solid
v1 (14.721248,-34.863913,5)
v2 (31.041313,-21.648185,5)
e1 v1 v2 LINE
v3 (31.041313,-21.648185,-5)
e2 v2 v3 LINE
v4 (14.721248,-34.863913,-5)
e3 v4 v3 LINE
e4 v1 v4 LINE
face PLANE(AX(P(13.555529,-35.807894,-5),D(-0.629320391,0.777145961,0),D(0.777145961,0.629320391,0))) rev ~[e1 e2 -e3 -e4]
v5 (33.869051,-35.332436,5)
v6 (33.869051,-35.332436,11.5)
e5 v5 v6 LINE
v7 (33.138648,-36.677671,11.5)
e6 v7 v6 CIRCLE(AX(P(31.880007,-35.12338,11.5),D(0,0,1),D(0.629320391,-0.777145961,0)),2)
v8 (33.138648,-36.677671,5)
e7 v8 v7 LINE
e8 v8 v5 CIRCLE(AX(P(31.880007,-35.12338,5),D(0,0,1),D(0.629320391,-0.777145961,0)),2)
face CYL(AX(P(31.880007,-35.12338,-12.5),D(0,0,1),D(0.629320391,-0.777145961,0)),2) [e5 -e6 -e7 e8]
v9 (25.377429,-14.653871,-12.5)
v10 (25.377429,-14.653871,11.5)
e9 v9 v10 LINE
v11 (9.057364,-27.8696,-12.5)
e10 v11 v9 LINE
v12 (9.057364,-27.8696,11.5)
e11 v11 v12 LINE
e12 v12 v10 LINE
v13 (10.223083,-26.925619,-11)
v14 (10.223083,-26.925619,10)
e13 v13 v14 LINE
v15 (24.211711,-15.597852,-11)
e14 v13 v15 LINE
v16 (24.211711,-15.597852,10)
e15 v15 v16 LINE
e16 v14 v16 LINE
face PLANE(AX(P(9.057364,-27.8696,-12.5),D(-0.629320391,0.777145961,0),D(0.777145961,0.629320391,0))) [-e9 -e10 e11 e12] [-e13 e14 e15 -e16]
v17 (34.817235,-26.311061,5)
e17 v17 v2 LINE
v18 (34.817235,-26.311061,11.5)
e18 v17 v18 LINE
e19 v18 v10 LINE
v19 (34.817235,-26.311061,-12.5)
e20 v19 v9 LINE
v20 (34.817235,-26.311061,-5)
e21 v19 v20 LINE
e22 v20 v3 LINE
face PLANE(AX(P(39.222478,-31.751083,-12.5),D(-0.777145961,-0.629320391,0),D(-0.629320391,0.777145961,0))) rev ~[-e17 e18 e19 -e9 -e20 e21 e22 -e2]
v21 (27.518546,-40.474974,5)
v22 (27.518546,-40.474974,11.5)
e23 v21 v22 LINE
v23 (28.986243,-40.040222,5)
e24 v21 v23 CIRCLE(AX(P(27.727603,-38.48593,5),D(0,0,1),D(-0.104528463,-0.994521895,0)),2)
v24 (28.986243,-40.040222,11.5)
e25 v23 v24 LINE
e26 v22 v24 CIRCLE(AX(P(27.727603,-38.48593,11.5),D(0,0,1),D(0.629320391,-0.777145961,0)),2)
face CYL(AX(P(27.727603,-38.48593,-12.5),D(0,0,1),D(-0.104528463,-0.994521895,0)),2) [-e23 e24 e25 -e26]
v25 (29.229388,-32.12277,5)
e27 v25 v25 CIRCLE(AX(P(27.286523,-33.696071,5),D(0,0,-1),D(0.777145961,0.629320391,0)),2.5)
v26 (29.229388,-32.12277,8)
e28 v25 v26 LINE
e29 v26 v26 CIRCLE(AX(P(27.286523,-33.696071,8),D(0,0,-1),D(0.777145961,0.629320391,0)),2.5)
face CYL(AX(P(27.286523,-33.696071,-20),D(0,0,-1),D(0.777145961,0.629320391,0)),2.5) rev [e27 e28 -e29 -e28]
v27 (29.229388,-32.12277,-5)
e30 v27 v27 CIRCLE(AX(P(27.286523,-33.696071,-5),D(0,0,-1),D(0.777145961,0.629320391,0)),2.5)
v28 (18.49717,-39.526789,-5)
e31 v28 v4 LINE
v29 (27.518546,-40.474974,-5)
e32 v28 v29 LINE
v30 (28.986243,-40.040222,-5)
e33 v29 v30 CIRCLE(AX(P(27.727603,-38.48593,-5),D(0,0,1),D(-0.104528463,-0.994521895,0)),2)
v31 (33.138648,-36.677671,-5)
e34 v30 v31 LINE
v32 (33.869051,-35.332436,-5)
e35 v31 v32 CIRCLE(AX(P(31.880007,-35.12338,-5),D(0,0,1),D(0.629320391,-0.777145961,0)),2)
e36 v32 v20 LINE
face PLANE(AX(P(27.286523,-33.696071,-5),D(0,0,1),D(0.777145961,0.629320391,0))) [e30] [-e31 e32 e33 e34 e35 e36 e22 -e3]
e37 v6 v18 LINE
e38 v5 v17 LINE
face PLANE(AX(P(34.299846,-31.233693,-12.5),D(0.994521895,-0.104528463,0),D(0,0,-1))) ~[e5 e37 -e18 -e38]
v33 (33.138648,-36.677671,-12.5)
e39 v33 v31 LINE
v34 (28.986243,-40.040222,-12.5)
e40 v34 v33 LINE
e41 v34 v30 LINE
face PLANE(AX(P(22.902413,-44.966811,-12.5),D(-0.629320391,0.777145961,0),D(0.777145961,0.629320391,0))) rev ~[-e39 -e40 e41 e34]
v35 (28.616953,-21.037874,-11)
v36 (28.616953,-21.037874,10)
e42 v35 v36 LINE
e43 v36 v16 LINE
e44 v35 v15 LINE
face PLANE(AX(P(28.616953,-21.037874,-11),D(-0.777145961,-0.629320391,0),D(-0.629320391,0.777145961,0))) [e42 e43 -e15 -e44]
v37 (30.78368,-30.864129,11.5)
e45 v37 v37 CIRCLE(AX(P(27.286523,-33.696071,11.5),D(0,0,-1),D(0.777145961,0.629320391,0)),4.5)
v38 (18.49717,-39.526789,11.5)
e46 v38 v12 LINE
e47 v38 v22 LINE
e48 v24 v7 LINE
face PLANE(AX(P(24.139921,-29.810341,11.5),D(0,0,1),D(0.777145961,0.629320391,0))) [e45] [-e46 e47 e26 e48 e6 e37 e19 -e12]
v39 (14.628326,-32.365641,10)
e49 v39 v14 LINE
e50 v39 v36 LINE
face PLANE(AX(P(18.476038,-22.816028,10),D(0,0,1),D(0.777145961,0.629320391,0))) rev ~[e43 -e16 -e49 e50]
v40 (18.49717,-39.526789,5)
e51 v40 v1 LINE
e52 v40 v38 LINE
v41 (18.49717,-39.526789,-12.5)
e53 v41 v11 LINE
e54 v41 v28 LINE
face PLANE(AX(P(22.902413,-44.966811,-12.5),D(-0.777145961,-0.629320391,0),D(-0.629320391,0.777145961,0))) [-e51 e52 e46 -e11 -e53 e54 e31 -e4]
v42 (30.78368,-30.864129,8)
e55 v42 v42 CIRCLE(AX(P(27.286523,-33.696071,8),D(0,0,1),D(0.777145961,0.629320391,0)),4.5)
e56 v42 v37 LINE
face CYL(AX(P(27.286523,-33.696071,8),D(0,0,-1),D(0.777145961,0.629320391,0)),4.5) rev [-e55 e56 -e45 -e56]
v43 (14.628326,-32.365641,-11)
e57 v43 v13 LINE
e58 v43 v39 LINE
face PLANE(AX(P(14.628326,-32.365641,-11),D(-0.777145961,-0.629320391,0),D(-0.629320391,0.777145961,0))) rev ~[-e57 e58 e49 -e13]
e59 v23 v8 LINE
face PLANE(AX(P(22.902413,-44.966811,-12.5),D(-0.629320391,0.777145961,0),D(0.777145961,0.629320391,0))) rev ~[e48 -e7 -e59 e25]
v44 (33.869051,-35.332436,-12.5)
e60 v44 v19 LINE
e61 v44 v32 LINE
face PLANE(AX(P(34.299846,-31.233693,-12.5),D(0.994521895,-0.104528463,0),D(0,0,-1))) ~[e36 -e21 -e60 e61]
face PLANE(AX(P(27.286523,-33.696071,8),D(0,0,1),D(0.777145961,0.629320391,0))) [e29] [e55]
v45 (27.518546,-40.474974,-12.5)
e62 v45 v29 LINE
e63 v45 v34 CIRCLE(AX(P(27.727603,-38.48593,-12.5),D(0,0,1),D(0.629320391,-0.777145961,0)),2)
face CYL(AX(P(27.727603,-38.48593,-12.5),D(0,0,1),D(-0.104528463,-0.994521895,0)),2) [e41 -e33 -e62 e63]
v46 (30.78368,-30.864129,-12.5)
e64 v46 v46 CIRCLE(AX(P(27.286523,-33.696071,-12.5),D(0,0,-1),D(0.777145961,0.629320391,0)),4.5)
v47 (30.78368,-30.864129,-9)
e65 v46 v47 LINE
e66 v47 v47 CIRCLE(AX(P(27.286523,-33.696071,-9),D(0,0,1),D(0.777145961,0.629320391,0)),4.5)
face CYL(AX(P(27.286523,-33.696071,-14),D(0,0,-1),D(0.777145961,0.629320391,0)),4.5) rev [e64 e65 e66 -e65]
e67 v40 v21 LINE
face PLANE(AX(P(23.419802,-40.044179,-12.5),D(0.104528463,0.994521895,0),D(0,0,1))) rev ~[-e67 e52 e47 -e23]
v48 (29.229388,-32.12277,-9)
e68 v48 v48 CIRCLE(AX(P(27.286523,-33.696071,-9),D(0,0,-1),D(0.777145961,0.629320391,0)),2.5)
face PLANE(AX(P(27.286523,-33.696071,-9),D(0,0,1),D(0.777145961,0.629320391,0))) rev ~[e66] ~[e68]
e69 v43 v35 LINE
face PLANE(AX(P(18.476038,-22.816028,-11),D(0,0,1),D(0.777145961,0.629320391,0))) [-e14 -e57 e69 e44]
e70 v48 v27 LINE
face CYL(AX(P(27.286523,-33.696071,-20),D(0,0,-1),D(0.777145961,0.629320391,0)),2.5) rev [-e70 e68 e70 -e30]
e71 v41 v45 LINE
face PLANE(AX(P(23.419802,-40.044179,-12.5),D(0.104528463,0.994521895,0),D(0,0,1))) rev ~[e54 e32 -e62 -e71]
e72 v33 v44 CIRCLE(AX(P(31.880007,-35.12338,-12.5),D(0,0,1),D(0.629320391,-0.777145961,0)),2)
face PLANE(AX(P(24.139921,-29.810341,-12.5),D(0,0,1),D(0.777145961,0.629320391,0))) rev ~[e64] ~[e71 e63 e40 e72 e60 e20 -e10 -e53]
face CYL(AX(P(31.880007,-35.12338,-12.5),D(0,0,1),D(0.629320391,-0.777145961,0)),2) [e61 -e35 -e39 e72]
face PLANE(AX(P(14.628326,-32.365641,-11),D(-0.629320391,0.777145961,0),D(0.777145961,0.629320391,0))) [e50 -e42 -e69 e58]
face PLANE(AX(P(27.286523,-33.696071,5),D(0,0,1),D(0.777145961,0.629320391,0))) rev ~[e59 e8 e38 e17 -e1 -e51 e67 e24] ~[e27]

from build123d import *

# Parameters (mm, degrees)
CYLINDER025_R          = 2.5
CYLINDER025_DEPTH      = 32
CYLINDER027_R          = 4.5
CYLINDER027_DEPTH      = 5
CYLINDER026_R          = 4.5
CYLINDER026_DEPTH      = 5
BOX007_W               = 24
BOX007_H               = 14
BOX007_DEPTH           = 10
BOX005_W               = 18
BOX005_H               = 10
BOX005_DEPTH           = 21
BOX006_W               = 21
BOX006_H               = 22
BOX006_DEPTH           = 24
CHAMFER_SIZE           = 7
FILLET_R               = 2
CUT022_PLACEMENT_ANGLE = 39


with BuildPart() as cylinder025:
    # Cylinder025 → Cylinder025 (new body)
    with BuildSketch(Plane(origin=(55, -39, -20), x_dir=(1, 0, 0), z_dir=(0, 0, 1))):
        Circle(CYLINDER025_R)
    extrude(amount=CYLINDER025_DEPTH)


with BuildPart() as cylinder027:
    # Cylinder027 → Cylinder027 (new body)
    with BuildSketch(Plane(origin=(55, -39, 8), x_dir=(1, 0, 0), z_dir=(0, 0, 1))):
        Circle(CYLINDER027_R)
    extrude(amount=CYLINDER027_DEPTH)


with BuildPart() as cylinder026:
    # Cylinder026 → Cylinder026 (new body)
    with BuildSketch(Plane(origin=(55, -39, -14), x_dir=(1, 0, 0), z_dir=(0, 0, 1))):
        Circle(CYLINDER026_R)
    extrude(amount=CYLINDER026_DEPTH)


with BuildPart() as box007:
    # Box007 → Box007 (new body)
    with BuildSketch(Plane(origin=(43, -46, -5), x_dir=(1, 0, 0), z_dir=(0, 0, 1))):
        with Locations((12, 7)):
            Rectangle(BOX007_W, BOX007_H)
    extrude(amount=BOX007_DEPTH)


with BuildPart() as box005:
    # Box005 → Box005 (new body)
    with BuildSketch(Plane(origin=(46, -30, -11), x_dir=(1, 0, 0), z_dir=(0, 0, 1))):
        with Locations((9, 5)):
            Rectangle(BOX005_W, BOX005_H)
    extrude(amount=BOX005_DEPTH)


with BuildPart() as cut022:
    # Box006 → Box006 (new body)
    with BuildSketch(Plane(origin=(44.5, -45, -12.5), x_dir=(1, 0, 0), z_dir=(0, 0, 1))):
        with Locations((10.5, 11)):
            Rectangle(BOX006_W, BOX006_H)
    extrude(amount=BOX006_DEPTH)

    # Cut018: cut Box005
    add(box005.part, mode=Mode.SUBTRACT)

    # Chamfer
    chamfer_edges = [cut022.edges().sort_by_distance(p)[0] for p in [
        (44.5, -45, -0.5),
        (65.5, -45, -0.5),
    ]]
    chamfer(chamfer_edges, length=CHAMFER_SIZE)

    # Fillet
    fillet_edges = [cut022.edges().sort_by_distance(p)[0] for p in [
        (51.5, -45, -0.5),
        (58.5, -45, -0.5),
    ]]
    fillet(fillet_edges, radius=FILLET_R)

    # Cut019: cut Box007
    add(box007.part, mode=Mode.SUBTRACT)

    # Cut020: cut Cylinder026
    add(cylinder026.part, mode=Mode.SUBTRACT)

    # Cut021: cut Cylinder027
    add(cylinder027.part, mode=Mode.SUBTRACT)

    # Cut022: cut Cylinder025
    add(cylinder025.part, mode=Mode.SUBTRACT)


with BuildPart() as cut022_1:
    # Cut022 placement: moved
    add(cut022.part.moved(Location((-40, -38, 0))).rotate(Axis((-40, -38, 0), (0, 0, 1)), CUT022_PLACEMENT_ANGLE))


solid = cut022_1.part
